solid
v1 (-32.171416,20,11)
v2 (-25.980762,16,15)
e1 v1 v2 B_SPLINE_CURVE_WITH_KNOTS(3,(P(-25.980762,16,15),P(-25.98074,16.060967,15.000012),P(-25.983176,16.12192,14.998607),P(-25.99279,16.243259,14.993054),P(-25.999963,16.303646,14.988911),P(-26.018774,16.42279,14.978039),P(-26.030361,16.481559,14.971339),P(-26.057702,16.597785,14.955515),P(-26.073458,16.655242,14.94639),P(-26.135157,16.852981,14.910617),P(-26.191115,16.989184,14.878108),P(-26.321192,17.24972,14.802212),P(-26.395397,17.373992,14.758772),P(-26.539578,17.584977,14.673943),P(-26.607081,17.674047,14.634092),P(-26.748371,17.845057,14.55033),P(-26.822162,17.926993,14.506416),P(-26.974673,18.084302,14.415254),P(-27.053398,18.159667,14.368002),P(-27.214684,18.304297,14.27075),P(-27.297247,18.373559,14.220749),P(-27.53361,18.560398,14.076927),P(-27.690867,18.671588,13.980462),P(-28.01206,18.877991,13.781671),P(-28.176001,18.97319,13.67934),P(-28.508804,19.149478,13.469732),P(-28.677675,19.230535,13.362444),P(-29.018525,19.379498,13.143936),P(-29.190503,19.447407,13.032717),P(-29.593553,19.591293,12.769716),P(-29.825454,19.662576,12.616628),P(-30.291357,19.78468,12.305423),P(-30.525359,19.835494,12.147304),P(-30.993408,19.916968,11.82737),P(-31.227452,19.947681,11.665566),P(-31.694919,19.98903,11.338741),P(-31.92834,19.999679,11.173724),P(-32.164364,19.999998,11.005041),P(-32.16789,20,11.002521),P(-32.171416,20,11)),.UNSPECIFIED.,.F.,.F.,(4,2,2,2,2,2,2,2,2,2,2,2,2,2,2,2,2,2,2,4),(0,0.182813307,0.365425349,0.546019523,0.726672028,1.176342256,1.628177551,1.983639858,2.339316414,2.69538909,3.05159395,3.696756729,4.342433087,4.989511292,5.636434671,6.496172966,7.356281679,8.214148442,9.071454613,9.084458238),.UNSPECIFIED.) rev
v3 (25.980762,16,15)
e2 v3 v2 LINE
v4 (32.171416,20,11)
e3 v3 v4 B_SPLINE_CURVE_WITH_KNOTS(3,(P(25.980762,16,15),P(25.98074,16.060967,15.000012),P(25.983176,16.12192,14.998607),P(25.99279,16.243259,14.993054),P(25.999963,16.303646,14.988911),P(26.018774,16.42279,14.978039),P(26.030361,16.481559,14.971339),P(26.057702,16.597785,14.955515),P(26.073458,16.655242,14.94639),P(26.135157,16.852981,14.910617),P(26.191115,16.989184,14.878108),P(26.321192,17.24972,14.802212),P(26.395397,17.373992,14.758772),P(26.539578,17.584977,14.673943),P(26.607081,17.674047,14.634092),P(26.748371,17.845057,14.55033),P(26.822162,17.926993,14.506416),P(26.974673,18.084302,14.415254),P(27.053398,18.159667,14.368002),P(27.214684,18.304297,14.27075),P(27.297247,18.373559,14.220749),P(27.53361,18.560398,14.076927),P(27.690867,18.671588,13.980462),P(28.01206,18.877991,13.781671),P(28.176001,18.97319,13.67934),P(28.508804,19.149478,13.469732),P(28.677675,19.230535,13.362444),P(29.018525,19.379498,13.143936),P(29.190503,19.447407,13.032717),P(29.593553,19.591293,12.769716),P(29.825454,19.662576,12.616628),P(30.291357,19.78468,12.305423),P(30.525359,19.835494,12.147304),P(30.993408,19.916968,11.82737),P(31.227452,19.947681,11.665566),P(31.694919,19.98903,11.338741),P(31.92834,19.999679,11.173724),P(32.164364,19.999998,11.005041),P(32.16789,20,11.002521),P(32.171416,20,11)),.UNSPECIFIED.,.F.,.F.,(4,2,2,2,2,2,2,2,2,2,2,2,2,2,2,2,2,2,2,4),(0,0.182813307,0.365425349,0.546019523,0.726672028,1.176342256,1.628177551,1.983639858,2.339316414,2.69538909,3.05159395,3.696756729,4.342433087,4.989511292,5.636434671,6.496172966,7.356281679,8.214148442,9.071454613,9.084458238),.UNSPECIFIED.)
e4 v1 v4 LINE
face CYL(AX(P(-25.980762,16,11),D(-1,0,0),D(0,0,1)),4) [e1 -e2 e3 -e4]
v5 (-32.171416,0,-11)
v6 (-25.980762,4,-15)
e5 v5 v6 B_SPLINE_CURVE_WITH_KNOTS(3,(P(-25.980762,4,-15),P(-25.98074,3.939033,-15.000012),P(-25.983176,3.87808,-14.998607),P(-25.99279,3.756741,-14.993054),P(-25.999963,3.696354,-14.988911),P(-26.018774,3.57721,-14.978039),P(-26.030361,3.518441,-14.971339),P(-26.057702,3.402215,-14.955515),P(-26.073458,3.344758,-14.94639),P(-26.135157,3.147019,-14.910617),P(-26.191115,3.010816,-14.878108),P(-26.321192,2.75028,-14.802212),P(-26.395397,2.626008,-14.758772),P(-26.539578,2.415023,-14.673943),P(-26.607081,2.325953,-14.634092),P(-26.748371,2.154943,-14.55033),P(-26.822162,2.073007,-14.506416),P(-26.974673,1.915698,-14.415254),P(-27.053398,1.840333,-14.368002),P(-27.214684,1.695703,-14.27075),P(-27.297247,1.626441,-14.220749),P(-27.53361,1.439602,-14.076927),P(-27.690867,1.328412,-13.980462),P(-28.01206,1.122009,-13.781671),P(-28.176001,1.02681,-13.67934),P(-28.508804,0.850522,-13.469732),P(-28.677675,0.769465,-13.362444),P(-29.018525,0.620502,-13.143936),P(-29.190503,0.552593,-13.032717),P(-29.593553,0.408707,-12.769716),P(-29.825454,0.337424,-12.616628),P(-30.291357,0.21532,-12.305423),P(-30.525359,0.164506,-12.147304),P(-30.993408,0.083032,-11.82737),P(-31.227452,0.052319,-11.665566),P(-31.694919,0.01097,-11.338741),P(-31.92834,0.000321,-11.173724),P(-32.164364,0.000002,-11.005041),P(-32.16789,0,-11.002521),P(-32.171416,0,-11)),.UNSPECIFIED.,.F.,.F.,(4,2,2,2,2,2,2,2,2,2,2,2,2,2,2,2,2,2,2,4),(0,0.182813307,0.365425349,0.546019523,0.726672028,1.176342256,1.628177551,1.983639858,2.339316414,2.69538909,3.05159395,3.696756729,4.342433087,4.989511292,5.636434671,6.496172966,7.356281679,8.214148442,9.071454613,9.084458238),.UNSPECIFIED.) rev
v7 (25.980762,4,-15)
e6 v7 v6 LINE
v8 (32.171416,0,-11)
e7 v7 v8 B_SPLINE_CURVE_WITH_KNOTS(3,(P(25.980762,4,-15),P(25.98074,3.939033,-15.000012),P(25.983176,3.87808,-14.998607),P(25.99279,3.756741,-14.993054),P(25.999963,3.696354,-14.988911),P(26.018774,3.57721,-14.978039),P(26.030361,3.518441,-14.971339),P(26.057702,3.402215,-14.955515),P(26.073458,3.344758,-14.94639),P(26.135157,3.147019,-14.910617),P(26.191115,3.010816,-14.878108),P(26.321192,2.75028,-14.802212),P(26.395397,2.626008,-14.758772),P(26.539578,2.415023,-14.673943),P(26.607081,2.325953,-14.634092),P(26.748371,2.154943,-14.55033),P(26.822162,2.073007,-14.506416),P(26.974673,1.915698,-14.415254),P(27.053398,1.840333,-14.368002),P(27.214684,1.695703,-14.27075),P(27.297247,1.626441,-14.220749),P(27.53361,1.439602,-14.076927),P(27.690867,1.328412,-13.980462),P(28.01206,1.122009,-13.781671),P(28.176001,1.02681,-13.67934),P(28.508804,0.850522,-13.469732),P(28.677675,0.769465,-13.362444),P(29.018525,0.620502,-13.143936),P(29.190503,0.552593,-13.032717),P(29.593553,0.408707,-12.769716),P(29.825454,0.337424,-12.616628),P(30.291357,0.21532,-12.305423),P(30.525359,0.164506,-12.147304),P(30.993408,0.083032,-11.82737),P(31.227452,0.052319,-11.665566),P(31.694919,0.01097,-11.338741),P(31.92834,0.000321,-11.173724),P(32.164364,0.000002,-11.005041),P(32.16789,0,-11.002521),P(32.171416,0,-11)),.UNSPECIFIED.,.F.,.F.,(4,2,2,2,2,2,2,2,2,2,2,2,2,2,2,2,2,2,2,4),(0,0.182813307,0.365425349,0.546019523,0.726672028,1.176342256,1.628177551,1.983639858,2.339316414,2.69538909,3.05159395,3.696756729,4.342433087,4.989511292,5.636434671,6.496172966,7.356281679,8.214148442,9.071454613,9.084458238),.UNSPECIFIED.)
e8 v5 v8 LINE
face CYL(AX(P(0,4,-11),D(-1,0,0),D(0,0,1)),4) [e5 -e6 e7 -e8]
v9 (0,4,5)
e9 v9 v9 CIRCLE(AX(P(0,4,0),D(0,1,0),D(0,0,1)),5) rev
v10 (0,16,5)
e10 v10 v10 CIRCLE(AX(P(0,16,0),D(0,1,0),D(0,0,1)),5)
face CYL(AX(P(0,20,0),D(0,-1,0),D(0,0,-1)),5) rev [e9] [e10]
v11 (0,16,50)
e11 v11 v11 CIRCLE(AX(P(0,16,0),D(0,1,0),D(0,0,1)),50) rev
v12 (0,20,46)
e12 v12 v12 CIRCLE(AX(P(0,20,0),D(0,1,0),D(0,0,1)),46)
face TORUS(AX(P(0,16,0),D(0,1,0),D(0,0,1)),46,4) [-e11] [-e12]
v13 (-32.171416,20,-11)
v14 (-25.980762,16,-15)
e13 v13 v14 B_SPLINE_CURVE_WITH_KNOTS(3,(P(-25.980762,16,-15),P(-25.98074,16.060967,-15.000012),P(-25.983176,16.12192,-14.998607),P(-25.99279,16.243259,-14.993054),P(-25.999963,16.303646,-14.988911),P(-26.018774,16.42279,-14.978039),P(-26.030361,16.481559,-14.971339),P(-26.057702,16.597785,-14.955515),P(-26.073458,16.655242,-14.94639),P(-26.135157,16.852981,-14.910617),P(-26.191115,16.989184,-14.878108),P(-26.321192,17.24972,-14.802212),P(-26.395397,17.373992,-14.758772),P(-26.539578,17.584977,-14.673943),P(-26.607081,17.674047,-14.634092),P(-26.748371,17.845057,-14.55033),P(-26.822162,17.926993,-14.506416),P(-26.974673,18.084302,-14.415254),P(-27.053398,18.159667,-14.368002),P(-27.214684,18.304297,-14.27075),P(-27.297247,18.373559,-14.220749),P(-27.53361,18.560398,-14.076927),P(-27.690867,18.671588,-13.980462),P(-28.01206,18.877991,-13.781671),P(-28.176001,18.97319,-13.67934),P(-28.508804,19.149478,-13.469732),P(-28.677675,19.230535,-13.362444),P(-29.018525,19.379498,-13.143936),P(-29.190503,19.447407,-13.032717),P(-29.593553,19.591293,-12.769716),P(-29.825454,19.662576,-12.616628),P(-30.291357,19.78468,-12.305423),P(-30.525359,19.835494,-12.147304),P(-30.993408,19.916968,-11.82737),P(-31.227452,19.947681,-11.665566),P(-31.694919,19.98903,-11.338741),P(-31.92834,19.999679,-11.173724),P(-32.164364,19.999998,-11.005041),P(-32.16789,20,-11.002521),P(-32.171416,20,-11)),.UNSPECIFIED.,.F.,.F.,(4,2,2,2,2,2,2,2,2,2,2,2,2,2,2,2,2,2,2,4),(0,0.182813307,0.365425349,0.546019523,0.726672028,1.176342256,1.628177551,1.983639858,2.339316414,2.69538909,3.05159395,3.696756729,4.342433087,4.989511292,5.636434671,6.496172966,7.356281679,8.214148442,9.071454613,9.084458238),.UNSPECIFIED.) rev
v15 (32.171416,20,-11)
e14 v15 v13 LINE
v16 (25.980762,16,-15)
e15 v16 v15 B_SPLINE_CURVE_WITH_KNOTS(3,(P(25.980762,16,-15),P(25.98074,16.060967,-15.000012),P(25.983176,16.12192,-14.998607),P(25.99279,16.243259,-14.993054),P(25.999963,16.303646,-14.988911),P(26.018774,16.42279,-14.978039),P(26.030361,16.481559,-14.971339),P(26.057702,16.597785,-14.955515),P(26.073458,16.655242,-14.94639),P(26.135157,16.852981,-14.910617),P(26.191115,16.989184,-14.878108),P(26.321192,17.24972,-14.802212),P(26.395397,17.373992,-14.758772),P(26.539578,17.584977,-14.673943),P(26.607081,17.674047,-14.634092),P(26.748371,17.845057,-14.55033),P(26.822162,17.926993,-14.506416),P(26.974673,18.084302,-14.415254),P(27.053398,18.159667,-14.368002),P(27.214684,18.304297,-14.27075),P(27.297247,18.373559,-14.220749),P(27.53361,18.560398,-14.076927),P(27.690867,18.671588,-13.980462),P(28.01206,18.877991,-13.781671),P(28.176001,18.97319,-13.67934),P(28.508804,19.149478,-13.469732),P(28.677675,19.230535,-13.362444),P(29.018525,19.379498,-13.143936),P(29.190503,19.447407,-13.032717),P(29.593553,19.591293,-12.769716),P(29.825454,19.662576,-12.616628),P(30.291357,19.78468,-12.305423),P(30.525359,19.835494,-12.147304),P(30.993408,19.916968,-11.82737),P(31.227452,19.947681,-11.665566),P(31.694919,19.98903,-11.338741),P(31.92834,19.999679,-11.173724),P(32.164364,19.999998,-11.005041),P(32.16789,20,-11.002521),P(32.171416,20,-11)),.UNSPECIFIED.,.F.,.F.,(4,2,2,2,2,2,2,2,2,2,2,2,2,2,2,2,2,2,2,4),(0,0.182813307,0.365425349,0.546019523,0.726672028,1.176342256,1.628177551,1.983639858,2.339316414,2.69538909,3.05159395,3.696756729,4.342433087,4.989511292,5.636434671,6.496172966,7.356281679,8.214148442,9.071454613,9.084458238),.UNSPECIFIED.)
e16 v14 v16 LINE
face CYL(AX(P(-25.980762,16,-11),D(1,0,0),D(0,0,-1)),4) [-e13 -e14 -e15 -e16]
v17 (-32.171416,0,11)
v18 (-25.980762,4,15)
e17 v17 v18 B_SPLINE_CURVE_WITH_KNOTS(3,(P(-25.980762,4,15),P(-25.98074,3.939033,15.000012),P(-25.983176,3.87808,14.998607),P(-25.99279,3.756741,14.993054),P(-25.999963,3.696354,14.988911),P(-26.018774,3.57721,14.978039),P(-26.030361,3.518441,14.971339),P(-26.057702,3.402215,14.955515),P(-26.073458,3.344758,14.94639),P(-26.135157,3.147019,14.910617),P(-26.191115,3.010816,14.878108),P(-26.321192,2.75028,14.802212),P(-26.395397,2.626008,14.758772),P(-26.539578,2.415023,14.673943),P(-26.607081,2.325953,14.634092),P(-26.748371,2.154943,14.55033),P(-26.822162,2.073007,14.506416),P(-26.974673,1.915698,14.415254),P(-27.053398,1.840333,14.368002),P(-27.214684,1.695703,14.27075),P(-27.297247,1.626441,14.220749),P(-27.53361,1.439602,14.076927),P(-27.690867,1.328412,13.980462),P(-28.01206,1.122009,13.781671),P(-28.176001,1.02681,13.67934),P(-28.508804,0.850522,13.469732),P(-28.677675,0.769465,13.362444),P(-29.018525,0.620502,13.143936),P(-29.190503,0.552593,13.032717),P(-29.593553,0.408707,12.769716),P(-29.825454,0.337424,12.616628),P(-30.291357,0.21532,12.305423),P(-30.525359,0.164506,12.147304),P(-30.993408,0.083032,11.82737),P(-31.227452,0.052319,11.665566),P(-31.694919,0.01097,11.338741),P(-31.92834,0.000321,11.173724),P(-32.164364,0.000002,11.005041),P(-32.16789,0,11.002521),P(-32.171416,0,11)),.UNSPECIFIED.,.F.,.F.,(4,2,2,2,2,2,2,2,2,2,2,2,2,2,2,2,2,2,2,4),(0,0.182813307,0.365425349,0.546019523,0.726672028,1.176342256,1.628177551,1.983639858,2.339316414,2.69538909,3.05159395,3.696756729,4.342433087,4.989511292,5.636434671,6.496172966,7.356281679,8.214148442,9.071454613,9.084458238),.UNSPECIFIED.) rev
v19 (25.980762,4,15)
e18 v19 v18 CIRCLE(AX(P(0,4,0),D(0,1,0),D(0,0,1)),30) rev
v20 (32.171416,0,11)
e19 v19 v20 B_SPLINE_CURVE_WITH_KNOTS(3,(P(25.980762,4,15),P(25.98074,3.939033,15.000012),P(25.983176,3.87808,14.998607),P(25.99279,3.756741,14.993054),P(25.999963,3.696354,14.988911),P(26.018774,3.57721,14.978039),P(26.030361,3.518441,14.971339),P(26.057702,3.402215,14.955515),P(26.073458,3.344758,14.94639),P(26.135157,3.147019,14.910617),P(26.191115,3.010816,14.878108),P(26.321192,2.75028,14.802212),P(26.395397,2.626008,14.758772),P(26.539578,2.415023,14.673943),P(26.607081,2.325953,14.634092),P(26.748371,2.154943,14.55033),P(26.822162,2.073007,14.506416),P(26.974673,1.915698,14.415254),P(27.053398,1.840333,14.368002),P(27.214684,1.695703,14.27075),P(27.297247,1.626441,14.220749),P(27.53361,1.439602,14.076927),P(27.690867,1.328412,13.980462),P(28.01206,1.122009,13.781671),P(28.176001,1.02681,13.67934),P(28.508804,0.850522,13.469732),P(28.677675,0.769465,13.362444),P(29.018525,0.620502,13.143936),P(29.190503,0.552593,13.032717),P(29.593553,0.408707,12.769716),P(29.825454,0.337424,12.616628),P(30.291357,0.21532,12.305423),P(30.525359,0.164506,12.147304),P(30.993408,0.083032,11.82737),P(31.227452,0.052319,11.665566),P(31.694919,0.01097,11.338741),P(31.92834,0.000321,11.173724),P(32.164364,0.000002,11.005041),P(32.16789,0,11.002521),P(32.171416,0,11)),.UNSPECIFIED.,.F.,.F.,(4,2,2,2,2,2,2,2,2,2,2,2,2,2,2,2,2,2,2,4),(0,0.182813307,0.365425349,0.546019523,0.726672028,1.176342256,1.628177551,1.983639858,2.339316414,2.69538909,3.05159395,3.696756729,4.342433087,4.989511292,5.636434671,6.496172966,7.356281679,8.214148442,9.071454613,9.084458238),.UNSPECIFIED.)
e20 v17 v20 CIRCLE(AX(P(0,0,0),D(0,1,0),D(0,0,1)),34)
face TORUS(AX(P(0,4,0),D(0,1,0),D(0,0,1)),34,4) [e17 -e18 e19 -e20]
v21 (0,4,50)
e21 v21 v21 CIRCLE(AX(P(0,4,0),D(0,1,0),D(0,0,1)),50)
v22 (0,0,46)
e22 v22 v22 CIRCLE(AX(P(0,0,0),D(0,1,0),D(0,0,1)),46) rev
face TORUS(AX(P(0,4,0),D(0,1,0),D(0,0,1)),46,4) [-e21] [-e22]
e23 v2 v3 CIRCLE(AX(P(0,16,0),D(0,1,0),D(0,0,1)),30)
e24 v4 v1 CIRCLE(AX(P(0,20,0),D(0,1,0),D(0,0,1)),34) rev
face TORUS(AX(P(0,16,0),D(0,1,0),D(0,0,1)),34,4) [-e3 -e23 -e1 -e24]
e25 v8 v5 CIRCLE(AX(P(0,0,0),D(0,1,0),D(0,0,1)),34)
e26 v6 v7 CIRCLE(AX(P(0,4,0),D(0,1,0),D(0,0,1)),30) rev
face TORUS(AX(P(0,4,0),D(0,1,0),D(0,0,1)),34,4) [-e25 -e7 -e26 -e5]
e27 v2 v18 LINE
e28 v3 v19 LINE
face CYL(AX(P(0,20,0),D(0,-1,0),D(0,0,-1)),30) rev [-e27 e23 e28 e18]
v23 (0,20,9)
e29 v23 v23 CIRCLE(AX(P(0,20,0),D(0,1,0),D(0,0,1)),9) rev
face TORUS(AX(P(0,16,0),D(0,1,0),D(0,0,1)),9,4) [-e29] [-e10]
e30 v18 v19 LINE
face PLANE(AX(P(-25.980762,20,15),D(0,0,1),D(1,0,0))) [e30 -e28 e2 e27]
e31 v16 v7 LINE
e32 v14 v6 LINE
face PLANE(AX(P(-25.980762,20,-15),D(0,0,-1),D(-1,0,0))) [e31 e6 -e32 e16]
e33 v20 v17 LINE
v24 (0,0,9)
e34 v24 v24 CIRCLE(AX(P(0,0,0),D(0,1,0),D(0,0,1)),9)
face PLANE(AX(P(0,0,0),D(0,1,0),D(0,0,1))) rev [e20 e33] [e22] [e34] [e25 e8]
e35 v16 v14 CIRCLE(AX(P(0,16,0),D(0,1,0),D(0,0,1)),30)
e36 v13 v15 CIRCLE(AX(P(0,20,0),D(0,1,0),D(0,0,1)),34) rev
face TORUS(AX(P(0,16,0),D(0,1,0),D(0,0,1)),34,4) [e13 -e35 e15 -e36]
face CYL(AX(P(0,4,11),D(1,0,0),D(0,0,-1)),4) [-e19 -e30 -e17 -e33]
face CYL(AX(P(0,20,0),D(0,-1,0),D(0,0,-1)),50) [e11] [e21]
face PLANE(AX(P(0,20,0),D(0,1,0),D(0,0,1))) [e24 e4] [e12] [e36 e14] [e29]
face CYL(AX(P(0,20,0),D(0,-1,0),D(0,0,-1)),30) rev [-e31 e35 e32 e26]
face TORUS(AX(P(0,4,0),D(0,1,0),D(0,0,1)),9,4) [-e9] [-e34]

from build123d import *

# Parameters (mm, degrees)
ESQUISSE1_R      = 50
ESQUISSE1_R_2    = 5
EXTRUSION1_DEPTH = 20
CONG_1_R         = 4


with BuildPart() as part:
    # Esquisse1 → Extrusion1 (new body)
    with BuildSketch(Plane(origin=(0, 0, 0), x_dir=(1, 0, 0), z_dir=(0, 1, 0))):
        Circle(ESQUISSE1_R)
        Circle(ESQUISSE1_R_2, mode=Mode.SUBTRACT)
        with BuildLine():
            Line((-25.980762114, 15), (25.980762114, 15))
            ThreePointArc((25.980762114, 15), (0, 30), (-25.980762114, 15))
        make_face(mode=Mode.SUBTRACT)
        with BuildLine():
            Line((-25.980762114, -15), (25.980762114, -15))
            ThreePointArc((25.980762114, -15), (0, -30), (-25.980762114, -15))
        make_face(mode=Mode.SUBTRACT)
    extrude(amount=EXTRUSION1_DEPTH)

    # Congé1
    cong_1_edges = [part.edges().sort_by_distance(p)[0] for p in [
        (0, 0, 30),
        (0, 0, 15),
        (0, 20, 30),
        (0, 20, 15),
        (-50, 0, 0),
        (-5, 0, 0),
        (-5, 20, 0),
        (-50, 20, 0),
        (0, 0, -30),
        (0, 0, -15),
        (0, 20, -30),
        (0, 20, -15),
    ]]
    fillet(cong_1_edges, radius=CONG_1_R)


solid = part.part
